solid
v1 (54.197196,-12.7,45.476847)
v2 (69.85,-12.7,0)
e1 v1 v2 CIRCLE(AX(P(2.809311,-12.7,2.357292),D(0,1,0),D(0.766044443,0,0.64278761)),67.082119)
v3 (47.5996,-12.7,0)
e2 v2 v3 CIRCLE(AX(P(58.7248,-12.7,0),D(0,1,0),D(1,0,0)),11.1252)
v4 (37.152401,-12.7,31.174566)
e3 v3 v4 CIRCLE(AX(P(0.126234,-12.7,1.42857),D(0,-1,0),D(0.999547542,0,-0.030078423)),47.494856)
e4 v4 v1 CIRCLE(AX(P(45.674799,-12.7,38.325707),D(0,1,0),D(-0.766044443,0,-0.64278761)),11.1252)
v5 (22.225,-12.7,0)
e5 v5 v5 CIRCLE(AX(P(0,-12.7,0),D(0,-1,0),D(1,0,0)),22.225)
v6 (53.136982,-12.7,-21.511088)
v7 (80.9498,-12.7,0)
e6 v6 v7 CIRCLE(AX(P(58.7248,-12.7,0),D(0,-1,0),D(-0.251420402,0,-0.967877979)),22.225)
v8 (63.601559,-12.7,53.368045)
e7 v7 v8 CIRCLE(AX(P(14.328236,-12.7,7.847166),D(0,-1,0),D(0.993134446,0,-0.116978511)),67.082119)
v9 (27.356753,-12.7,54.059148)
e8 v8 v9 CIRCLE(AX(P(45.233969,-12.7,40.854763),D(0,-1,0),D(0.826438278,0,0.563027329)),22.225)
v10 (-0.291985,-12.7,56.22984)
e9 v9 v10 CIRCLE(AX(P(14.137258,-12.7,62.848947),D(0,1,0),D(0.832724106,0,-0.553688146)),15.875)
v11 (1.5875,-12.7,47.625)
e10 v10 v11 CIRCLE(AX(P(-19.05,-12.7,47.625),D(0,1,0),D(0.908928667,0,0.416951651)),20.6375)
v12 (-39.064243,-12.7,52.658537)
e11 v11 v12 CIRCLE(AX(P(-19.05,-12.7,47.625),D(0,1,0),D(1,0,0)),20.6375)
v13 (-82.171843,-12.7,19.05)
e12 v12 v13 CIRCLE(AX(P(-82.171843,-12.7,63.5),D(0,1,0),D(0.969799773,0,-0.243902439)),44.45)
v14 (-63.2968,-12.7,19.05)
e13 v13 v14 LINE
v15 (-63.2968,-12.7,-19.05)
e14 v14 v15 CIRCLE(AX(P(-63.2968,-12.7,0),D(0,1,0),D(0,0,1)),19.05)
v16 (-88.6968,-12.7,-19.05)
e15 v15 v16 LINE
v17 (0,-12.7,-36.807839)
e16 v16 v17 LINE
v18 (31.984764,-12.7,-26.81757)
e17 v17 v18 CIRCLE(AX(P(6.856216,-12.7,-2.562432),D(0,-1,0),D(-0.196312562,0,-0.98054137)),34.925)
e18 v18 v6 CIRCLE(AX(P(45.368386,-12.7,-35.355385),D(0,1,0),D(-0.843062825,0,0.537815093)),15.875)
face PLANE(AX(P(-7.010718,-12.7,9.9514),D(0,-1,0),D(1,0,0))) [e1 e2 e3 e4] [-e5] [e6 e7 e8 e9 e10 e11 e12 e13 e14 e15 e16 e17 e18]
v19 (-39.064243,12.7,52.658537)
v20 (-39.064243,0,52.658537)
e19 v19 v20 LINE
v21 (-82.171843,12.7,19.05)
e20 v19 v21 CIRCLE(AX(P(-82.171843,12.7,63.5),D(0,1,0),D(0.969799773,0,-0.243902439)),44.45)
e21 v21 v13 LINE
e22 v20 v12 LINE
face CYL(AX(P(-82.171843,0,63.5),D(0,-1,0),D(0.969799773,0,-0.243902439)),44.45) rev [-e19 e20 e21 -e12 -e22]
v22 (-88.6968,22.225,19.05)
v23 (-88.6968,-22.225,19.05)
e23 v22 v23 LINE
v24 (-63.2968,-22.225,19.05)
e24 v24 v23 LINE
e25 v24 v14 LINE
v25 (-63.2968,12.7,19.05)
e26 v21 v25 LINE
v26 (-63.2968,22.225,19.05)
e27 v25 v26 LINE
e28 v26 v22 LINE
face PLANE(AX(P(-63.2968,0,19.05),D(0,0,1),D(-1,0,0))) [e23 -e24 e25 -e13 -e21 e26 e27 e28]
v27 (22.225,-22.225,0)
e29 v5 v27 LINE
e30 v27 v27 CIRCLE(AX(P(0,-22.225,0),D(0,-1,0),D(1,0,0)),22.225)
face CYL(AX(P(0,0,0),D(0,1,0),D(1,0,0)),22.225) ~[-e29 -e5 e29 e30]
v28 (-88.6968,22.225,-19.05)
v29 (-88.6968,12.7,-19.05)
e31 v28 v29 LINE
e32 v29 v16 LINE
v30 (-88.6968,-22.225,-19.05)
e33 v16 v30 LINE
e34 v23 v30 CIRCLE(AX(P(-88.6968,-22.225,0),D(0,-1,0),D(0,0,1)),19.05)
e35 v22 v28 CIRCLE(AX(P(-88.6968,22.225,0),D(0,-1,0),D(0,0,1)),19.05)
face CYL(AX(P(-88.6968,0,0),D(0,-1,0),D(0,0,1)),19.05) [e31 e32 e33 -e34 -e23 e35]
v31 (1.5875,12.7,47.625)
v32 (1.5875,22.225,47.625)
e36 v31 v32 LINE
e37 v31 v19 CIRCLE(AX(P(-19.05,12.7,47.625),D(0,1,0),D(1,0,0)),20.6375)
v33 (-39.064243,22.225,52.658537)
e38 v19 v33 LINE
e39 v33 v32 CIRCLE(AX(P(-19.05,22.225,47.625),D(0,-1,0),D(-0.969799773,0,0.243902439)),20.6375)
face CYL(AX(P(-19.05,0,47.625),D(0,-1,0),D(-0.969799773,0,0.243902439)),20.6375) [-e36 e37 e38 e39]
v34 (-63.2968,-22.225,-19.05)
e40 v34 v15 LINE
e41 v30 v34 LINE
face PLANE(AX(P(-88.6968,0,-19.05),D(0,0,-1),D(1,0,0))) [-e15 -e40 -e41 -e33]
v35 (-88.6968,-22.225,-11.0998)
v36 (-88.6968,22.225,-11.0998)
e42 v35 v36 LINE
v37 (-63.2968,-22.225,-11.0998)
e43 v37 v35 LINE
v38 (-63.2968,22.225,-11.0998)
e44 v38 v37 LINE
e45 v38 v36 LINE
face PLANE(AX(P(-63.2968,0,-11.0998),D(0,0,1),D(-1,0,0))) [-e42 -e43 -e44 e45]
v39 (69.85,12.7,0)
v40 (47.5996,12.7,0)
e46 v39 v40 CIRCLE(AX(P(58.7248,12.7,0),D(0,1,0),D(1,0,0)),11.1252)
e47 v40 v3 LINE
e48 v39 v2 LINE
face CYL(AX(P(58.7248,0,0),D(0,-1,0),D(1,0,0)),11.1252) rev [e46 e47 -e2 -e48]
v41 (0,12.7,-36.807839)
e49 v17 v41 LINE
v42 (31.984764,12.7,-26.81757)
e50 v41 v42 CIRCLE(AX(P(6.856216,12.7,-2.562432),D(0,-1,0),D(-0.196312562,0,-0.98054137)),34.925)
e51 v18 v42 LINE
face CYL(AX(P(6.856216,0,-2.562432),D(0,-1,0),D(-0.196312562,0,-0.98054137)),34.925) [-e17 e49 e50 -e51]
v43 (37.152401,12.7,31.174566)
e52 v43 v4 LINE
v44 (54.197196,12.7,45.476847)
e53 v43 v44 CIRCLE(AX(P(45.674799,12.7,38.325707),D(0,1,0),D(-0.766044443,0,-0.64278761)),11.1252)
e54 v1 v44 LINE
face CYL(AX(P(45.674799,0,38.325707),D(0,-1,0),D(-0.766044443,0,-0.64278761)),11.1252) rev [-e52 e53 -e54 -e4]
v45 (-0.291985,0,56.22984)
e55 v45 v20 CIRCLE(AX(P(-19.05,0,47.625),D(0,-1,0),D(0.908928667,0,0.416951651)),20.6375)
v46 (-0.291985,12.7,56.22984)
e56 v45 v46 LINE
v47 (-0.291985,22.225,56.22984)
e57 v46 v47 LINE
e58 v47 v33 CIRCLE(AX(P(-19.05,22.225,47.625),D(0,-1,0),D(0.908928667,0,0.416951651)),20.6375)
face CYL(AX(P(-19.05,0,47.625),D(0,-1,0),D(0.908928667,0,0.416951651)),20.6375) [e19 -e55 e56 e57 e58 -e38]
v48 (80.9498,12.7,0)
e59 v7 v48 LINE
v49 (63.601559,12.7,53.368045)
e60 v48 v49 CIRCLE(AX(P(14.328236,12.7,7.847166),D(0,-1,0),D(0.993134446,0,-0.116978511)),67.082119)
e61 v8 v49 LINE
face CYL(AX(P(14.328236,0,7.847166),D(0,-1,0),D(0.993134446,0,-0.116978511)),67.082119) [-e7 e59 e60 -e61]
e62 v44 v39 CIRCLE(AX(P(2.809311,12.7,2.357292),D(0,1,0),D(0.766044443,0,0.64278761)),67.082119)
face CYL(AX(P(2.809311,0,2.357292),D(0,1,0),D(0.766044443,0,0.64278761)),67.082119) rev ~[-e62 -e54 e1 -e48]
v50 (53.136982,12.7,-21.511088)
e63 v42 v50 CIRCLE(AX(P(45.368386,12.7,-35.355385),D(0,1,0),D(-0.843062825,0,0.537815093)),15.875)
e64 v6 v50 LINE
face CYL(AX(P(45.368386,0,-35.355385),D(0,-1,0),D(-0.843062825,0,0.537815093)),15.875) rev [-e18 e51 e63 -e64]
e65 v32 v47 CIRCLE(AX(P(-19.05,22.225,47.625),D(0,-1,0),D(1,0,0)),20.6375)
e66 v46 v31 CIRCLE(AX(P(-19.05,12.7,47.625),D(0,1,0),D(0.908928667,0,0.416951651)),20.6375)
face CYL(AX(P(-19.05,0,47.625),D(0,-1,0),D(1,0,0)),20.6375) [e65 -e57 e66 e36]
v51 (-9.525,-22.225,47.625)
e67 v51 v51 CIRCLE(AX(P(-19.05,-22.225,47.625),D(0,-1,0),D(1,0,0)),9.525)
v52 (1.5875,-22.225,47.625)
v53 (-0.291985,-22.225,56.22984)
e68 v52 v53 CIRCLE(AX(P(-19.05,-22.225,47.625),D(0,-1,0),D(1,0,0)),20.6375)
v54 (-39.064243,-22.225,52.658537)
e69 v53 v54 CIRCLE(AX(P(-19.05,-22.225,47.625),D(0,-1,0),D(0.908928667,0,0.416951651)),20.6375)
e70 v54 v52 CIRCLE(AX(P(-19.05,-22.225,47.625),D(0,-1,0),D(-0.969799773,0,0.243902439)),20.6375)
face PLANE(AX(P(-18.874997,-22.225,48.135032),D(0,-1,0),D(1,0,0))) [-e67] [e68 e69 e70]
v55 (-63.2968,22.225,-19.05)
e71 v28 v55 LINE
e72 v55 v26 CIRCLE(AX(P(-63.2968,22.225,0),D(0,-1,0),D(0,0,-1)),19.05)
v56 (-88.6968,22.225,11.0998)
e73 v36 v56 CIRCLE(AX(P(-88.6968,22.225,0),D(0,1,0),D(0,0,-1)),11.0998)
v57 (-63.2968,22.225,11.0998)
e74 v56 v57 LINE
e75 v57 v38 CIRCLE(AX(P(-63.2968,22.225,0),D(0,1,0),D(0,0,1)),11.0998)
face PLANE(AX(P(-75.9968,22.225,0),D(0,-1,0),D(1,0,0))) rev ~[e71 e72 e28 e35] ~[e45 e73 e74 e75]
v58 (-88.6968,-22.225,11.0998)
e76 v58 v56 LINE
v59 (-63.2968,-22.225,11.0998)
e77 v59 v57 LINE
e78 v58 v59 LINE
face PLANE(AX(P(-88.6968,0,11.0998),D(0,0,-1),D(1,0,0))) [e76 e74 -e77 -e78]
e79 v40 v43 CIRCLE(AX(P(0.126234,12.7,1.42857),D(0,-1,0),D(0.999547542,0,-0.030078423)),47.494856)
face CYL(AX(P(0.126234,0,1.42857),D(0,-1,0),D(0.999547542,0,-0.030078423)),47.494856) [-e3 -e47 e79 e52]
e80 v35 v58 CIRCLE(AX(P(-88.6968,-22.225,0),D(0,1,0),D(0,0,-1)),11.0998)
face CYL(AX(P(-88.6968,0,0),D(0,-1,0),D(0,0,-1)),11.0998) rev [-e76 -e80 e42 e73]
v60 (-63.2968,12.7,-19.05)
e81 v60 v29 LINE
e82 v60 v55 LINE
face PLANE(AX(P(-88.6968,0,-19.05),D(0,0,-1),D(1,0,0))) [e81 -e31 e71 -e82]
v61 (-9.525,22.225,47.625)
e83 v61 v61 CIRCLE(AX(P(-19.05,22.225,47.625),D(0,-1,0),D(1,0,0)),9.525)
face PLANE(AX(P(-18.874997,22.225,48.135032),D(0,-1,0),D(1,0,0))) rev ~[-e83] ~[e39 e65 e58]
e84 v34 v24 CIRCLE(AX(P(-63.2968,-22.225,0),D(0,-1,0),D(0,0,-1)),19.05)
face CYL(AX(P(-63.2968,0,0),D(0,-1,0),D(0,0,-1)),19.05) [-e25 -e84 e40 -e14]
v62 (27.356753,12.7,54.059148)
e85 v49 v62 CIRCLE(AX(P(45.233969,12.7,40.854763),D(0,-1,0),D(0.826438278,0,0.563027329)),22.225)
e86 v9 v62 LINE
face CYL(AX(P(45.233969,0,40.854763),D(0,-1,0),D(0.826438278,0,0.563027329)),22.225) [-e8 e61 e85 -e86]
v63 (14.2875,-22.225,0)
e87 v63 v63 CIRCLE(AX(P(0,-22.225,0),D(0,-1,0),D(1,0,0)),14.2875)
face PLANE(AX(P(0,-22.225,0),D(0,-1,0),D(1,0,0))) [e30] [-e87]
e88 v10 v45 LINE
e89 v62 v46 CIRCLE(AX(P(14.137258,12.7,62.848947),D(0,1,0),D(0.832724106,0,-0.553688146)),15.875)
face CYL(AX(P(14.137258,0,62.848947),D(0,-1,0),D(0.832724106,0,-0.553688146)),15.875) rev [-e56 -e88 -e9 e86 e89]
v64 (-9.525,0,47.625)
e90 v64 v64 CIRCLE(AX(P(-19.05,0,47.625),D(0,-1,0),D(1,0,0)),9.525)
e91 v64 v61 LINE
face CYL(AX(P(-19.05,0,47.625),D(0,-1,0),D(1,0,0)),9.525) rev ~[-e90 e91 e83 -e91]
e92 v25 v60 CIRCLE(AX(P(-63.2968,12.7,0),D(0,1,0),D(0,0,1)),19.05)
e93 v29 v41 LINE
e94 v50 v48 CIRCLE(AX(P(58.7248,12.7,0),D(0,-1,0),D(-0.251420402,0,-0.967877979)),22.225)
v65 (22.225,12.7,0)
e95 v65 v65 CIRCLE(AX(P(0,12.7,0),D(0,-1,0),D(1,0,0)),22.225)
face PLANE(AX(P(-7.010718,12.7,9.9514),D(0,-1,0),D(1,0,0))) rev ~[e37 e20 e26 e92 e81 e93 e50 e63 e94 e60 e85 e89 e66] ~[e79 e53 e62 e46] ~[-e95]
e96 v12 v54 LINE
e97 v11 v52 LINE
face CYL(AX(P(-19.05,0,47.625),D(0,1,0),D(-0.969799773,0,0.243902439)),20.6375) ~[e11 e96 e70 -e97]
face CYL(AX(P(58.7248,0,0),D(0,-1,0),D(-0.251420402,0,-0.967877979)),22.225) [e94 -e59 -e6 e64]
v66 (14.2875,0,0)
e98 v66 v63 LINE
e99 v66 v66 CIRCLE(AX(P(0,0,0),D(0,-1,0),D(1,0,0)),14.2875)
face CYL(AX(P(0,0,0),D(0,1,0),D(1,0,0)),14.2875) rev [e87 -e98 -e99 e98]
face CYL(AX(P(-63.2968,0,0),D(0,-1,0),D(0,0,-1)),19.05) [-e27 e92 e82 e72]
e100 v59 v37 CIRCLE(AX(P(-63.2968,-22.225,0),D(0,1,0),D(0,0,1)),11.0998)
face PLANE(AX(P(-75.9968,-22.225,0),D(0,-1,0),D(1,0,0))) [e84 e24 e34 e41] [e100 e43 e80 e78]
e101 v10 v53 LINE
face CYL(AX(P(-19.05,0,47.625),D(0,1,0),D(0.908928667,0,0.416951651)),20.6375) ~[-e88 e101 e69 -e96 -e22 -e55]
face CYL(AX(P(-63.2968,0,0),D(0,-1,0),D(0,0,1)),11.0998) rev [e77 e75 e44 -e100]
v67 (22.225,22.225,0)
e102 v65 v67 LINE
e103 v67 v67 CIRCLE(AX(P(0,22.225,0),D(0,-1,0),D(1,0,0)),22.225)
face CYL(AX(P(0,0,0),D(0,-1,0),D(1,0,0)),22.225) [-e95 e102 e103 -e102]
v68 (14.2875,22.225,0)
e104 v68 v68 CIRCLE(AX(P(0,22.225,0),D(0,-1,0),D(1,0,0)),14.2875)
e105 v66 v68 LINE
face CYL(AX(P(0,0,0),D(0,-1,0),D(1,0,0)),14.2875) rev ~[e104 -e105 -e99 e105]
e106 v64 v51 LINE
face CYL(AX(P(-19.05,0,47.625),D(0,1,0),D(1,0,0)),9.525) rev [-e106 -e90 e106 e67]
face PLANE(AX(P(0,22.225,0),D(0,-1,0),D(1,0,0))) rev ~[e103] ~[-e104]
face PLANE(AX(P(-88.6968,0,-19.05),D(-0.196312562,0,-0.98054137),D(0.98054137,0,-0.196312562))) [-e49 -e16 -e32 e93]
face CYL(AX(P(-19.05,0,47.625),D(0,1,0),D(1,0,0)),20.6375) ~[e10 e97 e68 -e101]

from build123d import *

# Parameters (mm, degrees)
F0_R     = 22.225
F1_DEPTH = 12.7
F0_R_2   = 9.525
F0_R_3   = 14.2875
F2_DEPTH = 22.225


with BuildPart() as f1:
    # F0 (on Front) → F1 (new body, symmetric)
    with BuildSketch(Plane.XZ):
        with BuildLine():
            ThreePointArc((-0.2919846436, 56.2298396929), (1.1121545, 52.0288542399), (1.5875, 47.625))
            ThreePointArc((1.5875, 47.625), (-21.5859879765, 27.1439069815), (-39.0642428209, 52.6585365854))
            ThreePointArc((-39.0642428209, 52.6585365854), (-54.8414617427, 28.4450035745), (-82.1718427428, 19.05))
            Line((-82.1718427428, 19.05), (-63.2968, 19.05))
            ThreePointArc((-63.2968, 19.05), (-44.2468, 0), (-63.2968, -19.05))
            Line((-63.2968, -19.05), (-88.6968, -19.05))
            Line((-88.6968, -19.05), (0, -36.8078392435))
            ThreePointArc((0, -36.8078392435), (17.2687515341, -35.8991193954), (31.9847636706, -26.8175700723))
            ThreePointArc((31.9847636706, -26.8175700723), (41.5055089425, -19.9575339798), (53.1369815663, -21.5110880746))
            ThreePointArc((53.1369815663, -21.5110880746), (72.3218835165, -17.5803852303), (80.9498, 0))
            ThreePointArc((80.9498, 0), (78.124343244, 28.5852355494), (63.6015594579, 53.3680450834))
            ThreePointArc((63.6015594579, 53.3680450834), (45.6576699179, 63.0757235713), (27.3567531258, 54.0591478348))
            ThreePointArc((27.3567531258, 54.0591478348), (12.8947411475, 47.0226469805), (-0.2919846436, 56.2298396929))
        make_face()
        Circle(F0_R, mode=Mode.SUBTRACT)
        with BuildLine():
            ThreePointArc((54.1971962792, 45.4768474087), (66.239333213, 24.1894493889), (69.85, 0))
            ThreePointArc((69.85, 0), (58.7248, -11.1252), (47.5996, 0))
            ThreePointArc((47.5996, 0), (45.1596233805, 16.520128764), (37.152401002, 31.1745659782))
            ThreePointArc((37.152401002, 31.1745659782), (38.5236579253, 46.848104332), (54.1971962792, 45.4768474087))
        make_face(mode=Mode.SUBTRACT)
    extrude(amount=F1_DEPTH, both=True)

    # F0 (on Front) → F2 (join, symmetric)
    with BuildSketch(Plane.XZ):
        with BuildLine():
            ThreePointArc((-39.0642428209, 52.6585365854), (-21.5859879765, 27.1439069815), (1.5875, 47.625))
            ThreePointArc((1.5875, 47.625), (1.1121545, 52.0288542399), (-0.2919846436, 56.2298396929))
            ThreePointArc((-0.2919846436, 56.2298396929), (-20.9429020926, 68.1755067557), (-39.0642428209, 52.6585365854))
        make_face()
        with Locations((-19.05, 47.625)):
            Circle(F0_R_2, mode=Mode.SUBTRACT)
        Circle(F0_R)
        Circle(F0_R_3, mode=Mode.SUBTRACT)
        with BuildLine():
            Line((-63.2968, 19.05), (-82.1718427428, 19.05))
            Line((-82.1718427428, 19.05), (-88.6968, 19.05))
            ThreePointArc((-88.6968, 19.05), (-107.7468, 0), (-88.6968, -19.05))
            Line((-88.6968, -19.05), (-63.2968, -19.05))
            ThreePointArc((-63.2968, -19.05), (-44.2468, 0), (-63.2968, 19.05))
        make_face()
        with BuildLine():
            Line((-63.2968, -11.0998), (-88.6968, -11.0998))
            ThreePointArc((-88.6968, -11.0998), (-99.7966, 0), (-88.6968, 11.0998))
            Line((-88.6968, 11.0998), (-63.2968, 11.0998))
            ThreePointArc((-63.2968, 11.0998), (-52.197, 0), (-63.2968, -11.0998))
        make_face(mode=Mode.SUBTRACT)
    extrude(amount=F2_DEPTH, both=True)


solid = f1.part
